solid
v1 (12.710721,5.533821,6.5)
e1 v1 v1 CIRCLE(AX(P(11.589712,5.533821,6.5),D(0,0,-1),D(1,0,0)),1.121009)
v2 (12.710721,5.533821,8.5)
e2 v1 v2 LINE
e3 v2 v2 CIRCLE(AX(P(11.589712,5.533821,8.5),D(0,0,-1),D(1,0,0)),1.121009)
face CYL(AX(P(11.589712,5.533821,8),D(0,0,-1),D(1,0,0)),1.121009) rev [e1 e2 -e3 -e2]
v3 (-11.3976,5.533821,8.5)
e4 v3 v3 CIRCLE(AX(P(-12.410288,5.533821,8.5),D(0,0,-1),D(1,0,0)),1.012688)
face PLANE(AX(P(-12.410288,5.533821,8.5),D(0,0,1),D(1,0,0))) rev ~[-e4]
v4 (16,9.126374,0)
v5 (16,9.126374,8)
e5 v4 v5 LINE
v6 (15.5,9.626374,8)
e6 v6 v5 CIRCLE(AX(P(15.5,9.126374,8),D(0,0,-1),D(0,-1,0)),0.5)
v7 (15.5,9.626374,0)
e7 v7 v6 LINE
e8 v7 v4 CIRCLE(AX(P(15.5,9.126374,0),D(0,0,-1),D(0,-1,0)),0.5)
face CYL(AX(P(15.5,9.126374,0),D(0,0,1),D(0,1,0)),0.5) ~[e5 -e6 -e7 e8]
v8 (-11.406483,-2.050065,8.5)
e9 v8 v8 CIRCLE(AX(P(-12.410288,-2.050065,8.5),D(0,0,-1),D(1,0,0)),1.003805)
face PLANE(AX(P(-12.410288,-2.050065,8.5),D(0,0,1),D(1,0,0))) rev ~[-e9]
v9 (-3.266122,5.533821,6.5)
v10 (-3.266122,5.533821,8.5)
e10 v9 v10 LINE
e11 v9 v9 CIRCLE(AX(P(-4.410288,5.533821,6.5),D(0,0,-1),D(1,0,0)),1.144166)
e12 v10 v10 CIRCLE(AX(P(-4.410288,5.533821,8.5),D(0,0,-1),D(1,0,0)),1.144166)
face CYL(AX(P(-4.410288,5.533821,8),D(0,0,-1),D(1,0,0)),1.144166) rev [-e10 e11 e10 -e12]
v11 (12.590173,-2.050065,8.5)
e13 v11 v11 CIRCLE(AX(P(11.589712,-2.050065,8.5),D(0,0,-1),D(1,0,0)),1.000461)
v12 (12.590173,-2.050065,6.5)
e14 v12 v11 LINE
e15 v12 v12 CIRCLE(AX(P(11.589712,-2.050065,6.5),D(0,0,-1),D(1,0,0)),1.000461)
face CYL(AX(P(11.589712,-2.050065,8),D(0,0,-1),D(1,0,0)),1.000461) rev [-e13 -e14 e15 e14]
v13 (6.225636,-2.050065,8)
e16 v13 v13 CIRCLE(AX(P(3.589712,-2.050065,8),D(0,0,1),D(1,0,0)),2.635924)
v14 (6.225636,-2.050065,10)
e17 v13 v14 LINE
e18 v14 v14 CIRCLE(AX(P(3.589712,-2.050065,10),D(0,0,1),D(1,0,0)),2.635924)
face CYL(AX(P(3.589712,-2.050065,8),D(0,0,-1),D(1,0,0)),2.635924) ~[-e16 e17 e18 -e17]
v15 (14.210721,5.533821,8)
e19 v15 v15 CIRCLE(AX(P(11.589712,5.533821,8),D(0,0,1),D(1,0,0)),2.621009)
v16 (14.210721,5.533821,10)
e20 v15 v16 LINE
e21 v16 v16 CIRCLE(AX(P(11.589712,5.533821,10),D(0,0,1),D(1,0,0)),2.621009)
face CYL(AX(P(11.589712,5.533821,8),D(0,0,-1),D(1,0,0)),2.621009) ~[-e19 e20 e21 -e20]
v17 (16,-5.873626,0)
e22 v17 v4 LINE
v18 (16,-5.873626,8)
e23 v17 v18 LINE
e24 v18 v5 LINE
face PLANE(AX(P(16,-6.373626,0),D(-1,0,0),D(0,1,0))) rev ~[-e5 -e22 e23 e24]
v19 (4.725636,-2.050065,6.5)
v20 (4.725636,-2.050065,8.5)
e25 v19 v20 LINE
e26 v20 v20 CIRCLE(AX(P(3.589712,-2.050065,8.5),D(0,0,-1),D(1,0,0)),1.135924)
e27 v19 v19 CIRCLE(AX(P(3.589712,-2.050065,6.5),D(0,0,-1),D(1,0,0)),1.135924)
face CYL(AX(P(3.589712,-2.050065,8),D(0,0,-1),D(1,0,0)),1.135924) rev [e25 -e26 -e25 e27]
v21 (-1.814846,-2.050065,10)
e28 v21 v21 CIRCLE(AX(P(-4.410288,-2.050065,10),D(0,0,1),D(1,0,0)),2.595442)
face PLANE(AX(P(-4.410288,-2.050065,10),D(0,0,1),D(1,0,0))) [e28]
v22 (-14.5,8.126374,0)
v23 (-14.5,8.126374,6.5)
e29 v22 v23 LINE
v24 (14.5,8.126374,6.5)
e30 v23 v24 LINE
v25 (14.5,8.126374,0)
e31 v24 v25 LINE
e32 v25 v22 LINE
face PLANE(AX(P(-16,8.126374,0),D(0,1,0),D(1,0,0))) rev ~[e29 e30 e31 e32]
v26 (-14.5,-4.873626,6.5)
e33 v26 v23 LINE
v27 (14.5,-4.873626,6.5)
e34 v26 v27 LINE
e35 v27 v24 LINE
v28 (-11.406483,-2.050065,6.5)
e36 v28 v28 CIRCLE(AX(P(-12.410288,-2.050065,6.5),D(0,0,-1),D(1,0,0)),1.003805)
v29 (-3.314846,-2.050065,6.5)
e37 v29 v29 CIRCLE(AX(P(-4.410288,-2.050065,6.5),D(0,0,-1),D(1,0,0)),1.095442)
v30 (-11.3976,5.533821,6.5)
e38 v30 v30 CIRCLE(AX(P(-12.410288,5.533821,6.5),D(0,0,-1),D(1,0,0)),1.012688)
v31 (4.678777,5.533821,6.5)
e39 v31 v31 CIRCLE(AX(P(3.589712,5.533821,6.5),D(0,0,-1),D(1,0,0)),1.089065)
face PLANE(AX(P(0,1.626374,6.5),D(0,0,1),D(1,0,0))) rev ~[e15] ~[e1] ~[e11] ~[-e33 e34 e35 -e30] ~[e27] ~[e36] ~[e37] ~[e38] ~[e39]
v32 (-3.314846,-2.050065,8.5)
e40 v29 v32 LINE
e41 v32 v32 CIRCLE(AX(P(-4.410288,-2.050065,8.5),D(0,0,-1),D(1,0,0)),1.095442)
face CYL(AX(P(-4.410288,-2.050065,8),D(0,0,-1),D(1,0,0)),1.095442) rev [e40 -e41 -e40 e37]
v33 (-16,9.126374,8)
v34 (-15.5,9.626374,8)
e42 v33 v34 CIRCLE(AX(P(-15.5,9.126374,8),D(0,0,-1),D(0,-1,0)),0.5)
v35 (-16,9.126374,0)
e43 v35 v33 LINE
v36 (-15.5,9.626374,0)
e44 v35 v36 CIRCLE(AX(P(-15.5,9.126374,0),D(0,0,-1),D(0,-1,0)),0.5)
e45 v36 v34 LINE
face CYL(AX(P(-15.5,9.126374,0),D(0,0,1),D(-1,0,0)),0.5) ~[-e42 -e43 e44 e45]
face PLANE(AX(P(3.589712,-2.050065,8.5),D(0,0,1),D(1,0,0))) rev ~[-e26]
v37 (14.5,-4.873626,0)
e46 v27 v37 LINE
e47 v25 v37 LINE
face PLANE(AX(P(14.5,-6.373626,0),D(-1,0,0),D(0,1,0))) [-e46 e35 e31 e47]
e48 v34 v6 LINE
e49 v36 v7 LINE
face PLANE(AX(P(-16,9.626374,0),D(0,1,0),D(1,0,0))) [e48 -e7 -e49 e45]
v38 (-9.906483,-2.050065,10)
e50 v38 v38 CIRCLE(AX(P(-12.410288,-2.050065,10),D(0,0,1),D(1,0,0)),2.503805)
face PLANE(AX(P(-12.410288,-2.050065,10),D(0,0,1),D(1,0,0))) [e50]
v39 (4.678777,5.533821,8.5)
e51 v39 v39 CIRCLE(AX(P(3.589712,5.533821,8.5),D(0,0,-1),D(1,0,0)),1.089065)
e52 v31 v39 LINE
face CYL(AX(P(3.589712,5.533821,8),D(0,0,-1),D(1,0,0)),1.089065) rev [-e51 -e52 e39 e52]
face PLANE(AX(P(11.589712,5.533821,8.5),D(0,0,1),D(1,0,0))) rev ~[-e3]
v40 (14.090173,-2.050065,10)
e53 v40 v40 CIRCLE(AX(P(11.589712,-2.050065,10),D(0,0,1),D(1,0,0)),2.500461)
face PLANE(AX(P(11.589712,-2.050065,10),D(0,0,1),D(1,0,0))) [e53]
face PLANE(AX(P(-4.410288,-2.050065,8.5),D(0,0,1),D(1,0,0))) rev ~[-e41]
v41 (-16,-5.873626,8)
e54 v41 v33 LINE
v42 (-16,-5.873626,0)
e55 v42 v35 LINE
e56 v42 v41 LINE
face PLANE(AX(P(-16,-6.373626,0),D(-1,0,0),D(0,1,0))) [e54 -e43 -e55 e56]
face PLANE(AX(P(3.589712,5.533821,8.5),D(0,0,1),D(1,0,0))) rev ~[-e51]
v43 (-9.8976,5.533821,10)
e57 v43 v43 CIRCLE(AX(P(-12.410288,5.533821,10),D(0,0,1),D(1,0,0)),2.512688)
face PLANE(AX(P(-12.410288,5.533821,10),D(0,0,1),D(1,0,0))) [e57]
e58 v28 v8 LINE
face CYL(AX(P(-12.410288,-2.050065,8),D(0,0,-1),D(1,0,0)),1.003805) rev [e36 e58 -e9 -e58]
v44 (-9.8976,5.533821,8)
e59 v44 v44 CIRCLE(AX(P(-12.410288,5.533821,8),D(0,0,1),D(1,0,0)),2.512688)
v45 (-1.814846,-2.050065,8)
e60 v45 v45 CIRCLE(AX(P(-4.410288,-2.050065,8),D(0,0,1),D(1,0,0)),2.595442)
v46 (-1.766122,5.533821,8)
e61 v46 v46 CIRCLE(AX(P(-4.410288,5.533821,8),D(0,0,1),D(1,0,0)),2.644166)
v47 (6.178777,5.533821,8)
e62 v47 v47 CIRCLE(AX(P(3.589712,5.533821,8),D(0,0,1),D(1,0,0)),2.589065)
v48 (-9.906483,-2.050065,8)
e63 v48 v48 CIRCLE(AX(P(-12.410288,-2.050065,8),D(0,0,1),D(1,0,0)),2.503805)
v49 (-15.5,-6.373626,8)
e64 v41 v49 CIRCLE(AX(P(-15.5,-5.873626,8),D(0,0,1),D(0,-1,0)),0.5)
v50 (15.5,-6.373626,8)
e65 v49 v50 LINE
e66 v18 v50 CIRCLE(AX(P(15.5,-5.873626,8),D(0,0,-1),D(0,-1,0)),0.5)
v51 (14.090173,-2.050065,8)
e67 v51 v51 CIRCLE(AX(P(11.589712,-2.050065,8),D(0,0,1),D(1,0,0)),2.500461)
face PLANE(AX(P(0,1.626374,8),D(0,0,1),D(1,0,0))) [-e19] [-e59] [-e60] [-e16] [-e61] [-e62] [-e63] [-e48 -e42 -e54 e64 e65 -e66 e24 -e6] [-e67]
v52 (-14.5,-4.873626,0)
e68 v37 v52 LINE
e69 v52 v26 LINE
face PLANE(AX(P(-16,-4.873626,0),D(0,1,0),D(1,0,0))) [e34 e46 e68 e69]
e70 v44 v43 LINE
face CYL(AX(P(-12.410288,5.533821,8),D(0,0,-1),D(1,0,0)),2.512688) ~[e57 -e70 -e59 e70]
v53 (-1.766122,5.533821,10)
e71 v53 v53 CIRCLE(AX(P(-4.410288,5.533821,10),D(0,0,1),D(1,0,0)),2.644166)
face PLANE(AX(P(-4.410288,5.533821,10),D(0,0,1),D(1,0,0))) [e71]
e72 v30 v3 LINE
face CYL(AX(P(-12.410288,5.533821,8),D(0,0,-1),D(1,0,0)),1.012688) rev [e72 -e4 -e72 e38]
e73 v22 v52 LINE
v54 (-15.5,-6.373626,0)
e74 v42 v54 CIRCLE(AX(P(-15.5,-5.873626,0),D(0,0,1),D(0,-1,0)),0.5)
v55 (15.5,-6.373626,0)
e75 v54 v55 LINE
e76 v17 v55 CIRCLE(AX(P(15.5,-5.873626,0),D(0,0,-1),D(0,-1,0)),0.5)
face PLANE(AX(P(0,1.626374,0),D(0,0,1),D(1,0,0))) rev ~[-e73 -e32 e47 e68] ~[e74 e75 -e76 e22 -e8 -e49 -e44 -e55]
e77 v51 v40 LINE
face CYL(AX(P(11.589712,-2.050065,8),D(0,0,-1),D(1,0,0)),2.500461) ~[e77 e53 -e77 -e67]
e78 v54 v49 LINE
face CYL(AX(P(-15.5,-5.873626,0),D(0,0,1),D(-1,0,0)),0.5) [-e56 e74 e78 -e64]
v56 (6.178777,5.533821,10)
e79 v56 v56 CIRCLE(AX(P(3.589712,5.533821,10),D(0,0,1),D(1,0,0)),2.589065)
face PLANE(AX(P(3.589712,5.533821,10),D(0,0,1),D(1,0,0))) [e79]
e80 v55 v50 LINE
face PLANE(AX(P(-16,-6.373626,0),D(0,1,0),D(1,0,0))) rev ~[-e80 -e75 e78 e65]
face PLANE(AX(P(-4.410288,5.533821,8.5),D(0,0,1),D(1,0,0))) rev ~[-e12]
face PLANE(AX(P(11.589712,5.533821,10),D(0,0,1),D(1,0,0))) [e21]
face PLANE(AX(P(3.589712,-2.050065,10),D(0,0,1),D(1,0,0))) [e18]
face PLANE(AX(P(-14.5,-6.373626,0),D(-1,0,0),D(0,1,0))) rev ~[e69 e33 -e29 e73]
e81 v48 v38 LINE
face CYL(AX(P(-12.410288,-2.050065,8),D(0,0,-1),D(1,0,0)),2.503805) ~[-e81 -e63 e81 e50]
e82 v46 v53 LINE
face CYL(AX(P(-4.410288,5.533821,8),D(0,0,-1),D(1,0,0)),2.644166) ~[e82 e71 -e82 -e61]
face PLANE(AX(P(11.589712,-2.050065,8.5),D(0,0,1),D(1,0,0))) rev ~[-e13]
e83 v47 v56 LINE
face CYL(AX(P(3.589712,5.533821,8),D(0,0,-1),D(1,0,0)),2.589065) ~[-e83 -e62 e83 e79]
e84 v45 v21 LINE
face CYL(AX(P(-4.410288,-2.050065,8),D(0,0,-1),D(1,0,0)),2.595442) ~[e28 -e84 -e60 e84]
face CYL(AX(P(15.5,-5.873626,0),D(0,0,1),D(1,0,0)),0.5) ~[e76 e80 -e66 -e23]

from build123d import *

# Parameters (mm, degrees)
F0_W     = 32
F0_H     = 16
F1_DEPTH = 8
F3_R     = 2.5890653677
F3_R_2   = 2.5126878493
F3_R_3   = 2.6441660213
F3_R_4   = 2.5038047819
F3_R_5   = 2.6210090881
F3_R_6   = 2.500461059
F3_R_7   = 2.6359235988
F3_R_8   = 2.5954418061
F4_DEPTH = 2
F5_R     = 0.5
F6_R     = 0.5
F7_R     = 0.5
F8_T     = -1.5


with BuildPart() as f1:
    # F0 (on Top) → F1 (new body)
    with BuildSketch(Plane.XY):
        with Locations((0, 1.6263736921)):
            Rectangle(F0_W, F0_H)
    extrude(amount=F1_DEPTH)

    # F3 (on offset) → F4 (join)
    with BuildSketch(Plane.XY.offset(8)):
        with Locations((3.5897120633, 5.5338214714)):
            Circle(F3_R)
        with Locations((-12.4102879367, 5.5338214714)):
            Circle(F3_R_2)
        with Locations((-4.4102879367, 5.5338214714)):
            Circle(F3_R_3)
        with Locations((-12.4102879367, -2.0500652119)):
            Circle(F3_R_4)
        with Locations((11.5897120633, 5.5338214714)):
            Circle(F3_R_5)
        with Locations((11.5897120633, -2.0500652119)):
            Circle(F3_R_6)
        with Locations((3.5897120633, -2.0500652119)):
            Circle(F3_R_7)
        with Locations((-4.4102879367, -2.0500652119)):
            Circle(F3_R_8)
    extrude(amount=F4_DEPTH)

    # F5
    f5_edges = [f1.edges().sort_by_distance(p)[0] for p in [
        (-16, 9.626374, 4),
    ]]
    fillet(f5_edges, radius=F5_R)

    # F6
    f6_edges = [f1.edges().sort_by_distance(p)[0] for p in [
        (16, 9.626374, 4),
    ]]
    fillet(f6_edges, radius=F6_R)

    # F7
    f7_edges = [f1.edges().sort_by_distance(p)[0] for p in [
        (16, -6.373626, 4),
        (-16, -6.373626, 4),
    ]]
    fillet(f7_edges, radius=F7_R)

    # F8
    f8_openings = [f1.faces().sort_by_distance(p)[0] for p in [
        (0, 1.626374, 0),
    ]]
    offset(amount=F8_T, openings=f8_openings, kind=Kind.INTERSECTION)


solid = f1.part
